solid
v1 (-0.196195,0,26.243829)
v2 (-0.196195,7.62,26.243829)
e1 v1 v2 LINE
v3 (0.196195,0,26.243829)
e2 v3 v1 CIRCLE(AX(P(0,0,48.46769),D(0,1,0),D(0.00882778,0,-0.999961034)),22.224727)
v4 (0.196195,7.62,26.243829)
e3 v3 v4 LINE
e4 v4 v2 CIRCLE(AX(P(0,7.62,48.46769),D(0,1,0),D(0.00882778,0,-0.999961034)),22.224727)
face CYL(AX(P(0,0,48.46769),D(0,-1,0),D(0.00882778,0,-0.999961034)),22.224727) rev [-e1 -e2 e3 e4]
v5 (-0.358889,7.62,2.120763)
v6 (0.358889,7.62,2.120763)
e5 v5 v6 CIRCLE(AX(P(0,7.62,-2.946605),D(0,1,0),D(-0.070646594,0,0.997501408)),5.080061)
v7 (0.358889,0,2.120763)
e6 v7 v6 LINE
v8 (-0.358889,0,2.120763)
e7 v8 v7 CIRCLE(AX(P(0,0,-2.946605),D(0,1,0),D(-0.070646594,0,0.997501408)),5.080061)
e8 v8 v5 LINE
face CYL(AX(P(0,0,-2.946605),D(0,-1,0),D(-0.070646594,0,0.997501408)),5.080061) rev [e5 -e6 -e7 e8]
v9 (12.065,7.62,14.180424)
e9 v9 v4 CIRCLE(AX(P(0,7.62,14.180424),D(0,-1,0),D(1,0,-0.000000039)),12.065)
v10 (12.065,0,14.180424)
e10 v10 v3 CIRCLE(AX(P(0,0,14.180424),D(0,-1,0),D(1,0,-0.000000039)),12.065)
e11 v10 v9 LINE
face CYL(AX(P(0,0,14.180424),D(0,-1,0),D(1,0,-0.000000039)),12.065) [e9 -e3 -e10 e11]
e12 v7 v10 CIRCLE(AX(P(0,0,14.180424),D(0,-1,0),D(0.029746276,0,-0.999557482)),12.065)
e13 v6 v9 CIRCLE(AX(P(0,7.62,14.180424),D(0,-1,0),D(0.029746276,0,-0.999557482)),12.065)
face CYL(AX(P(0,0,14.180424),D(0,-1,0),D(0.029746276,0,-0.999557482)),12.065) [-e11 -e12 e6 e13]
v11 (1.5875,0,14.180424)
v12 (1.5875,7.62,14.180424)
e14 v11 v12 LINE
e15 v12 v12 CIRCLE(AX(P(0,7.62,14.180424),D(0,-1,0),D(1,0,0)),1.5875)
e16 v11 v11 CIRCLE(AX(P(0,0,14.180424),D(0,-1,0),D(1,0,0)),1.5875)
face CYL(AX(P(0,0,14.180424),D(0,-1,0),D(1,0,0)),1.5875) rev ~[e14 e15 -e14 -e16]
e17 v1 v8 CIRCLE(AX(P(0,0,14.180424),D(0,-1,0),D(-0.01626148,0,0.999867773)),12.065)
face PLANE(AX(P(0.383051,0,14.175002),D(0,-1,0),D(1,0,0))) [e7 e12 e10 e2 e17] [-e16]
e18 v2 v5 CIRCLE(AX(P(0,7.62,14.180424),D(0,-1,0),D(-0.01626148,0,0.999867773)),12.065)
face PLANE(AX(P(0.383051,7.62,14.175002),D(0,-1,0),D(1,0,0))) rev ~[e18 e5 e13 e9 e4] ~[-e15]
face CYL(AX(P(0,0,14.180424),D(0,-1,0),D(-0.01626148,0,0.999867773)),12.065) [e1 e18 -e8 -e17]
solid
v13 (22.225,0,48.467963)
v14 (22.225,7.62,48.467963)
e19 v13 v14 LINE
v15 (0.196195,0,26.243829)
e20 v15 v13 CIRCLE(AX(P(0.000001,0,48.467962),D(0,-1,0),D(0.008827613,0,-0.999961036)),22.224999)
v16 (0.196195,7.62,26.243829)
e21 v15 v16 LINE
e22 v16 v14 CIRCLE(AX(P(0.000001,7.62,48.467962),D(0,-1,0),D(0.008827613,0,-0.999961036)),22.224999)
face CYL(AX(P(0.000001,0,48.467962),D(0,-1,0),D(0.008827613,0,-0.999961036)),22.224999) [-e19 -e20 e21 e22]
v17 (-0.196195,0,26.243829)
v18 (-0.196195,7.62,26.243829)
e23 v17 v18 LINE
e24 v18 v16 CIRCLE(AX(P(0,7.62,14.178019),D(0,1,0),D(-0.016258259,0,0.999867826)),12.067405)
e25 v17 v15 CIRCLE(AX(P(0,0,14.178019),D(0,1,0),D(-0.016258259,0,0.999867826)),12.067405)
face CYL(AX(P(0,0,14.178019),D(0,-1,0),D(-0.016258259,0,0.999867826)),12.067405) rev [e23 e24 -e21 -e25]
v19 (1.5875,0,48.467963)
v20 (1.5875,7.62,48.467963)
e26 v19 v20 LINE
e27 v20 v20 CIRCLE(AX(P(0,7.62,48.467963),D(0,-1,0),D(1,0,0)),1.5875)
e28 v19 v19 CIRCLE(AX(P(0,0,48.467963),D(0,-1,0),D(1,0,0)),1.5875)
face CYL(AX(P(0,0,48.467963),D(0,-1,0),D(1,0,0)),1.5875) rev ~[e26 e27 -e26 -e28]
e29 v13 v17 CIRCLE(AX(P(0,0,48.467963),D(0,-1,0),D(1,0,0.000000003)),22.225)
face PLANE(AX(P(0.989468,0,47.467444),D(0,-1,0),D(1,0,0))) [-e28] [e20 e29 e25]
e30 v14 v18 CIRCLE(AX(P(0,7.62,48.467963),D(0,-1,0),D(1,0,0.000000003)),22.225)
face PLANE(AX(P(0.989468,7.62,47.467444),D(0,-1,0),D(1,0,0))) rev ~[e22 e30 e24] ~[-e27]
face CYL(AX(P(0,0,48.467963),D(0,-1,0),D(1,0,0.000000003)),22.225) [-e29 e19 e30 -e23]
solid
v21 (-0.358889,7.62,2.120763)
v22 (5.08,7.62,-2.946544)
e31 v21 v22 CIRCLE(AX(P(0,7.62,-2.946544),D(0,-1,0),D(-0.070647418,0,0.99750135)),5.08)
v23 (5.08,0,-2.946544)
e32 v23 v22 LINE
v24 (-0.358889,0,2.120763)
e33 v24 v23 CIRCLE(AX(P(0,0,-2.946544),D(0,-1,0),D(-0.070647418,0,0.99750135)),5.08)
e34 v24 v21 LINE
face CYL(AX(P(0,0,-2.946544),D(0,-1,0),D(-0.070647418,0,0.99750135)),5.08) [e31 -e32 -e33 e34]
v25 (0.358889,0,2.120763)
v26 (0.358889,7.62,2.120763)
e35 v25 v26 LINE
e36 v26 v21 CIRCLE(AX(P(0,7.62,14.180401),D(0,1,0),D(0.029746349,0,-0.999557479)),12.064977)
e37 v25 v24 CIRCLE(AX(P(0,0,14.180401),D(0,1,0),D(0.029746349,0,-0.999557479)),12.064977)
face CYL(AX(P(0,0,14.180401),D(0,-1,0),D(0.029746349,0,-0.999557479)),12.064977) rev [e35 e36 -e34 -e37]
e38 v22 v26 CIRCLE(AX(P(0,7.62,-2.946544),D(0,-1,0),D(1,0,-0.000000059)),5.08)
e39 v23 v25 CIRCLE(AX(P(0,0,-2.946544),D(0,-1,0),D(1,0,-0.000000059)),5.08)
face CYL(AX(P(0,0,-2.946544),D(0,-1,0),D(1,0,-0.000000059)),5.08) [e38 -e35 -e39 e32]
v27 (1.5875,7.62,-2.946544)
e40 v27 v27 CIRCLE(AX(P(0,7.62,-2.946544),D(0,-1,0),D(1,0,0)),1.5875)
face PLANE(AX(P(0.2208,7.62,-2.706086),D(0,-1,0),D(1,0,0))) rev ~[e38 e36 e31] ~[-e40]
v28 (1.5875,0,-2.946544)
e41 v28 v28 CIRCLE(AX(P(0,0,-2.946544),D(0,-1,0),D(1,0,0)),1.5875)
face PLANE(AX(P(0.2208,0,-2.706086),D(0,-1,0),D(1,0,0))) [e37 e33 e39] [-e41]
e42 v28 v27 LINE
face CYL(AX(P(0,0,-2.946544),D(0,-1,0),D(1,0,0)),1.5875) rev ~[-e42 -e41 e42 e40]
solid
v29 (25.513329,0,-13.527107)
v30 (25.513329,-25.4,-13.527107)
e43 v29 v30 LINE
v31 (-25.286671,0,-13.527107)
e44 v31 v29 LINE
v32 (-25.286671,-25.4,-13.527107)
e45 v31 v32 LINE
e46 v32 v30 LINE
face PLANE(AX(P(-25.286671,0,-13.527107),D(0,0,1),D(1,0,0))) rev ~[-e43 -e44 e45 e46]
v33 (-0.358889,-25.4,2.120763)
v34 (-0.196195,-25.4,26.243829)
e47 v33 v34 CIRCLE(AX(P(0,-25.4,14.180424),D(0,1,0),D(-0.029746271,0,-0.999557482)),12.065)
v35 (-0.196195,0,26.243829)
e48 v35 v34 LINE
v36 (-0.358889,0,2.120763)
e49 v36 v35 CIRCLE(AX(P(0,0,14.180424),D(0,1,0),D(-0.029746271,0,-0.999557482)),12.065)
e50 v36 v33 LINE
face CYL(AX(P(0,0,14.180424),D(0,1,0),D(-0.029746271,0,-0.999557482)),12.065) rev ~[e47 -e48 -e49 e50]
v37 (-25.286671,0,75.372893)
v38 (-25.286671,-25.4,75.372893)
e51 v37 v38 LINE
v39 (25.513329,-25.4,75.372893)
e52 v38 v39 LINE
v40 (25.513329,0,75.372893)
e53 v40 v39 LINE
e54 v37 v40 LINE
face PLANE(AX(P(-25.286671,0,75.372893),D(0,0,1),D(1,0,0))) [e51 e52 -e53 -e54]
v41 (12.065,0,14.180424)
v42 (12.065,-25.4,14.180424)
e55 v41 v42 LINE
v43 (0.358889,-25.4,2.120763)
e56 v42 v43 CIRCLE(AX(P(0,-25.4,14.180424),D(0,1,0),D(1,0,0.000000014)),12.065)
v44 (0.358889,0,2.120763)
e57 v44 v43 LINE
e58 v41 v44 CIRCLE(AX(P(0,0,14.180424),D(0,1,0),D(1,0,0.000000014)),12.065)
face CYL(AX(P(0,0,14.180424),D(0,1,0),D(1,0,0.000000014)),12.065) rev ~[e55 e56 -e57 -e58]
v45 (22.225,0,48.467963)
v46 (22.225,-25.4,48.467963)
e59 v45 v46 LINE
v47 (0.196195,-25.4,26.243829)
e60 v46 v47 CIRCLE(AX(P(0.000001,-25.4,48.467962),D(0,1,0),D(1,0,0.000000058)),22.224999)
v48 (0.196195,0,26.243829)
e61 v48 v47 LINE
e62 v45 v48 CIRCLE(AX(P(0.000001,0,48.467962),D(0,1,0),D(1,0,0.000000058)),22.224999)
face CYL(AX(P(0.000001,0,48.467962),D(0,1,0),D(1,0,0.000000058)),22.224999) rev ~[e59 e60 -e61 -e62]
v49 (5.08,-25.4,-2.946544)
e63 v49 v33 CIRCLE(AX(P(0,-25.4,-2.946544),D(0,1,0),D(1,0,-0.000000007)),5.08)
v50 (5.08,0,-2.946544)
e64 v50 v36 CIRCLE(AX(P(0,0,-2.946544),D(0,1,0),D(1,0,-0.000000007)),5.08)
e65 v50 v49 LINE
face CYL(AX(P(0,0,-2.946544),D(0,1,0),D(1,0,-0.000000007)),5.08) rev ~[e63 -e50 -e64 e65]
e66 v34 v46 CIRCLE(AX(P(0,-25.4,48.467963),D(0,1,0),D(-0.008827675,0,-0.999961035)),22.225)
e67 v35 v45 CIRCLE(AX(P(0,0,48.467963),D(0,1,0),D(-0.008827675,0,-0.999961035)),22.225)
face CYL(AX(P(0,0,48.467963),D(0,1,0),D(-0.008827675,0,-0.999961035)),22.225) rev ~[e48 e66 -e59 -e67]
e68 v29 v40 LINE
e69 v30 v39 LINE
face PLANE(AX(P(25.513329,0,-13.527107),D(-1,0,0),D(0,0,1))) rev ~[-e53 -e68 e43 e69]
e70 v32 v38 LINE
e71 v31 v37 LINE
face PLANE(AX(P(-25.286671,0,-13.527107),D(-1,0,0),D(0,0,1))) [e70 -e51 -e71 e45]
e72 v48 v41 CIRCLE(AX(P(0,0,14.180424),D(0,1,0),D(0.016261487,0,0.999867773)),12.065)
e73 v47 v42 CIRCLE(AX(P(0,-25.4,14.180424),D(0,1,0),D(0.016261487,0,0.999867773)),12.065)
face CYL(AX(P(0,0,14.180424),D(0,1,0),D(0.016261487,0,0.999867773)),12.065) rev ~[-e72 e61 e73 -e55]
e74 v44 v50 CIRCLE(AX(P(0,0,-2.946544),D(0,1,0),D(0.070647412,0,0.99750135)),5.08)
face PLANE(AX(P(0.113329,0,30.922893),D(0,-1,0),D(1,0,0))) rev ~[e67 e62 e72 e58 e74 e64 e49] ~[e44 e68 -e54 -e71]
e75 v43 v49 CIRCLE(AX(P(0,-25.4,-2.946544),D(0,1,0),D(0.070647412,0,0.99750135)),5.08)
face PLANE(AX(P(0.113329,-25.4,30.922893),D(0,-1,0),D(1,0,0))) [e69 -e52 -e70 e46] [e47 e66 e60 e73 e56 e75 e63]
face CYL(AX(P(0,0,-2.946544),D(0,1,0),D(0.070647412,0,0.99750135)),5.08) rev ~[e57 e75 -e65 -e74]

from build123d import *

# Parameters (mm, degrees)
F0_W     = 50.8
F0_H     = 88.9
F1_DEPTH = 25.4
F0_R     = 1.5875
F2_DEPTH = 7.62
F3_DEPTH = 7.62
F4_DEPTH = 7.62


with BuildPart() as f1:
    # F0 (on Front) → F1 (new body)
    with BuildSketch(Plane.XZ):
        with Locations((0.113329, 30.922893)):
            Rectangle(F0_W, F0_H)
        with BuildLine():
            ThreePointArc((-0.196195, 26.243829), (-15.645929, 64.252624), (22.225, 48.467963))
            ThreePointArc((22.225, 48.467963), (15.784661, 32.822033), (0.196195, 26.243829))
            ThreePointArc((0.196195, 26.243829), (8.600329, 22.642018), (12.065, 14.180424))
            ThreePointArc((12.065, 14.180424), (8.6572, 5.777025), (0.358889, 2.120763))
            ThreePointArc((0.358889, 2.120763), (3.716824, 0.516348), (5.08, -2.946544))
            ThreePointArc((5.08, -2.946544), (-3.462892, -6.663368), (-0.358889, 2.120763))
            ThreePointArc((-0.358889, 2.120763), (-12.064726, 14.261793), (-0.196195, 26.243829))
        make_face(mode=Mode.SUBTRACT)
    extrude(amount=F1_DEPTH)


with BuildPart() as f2:
    # F0 (on Front) → F2 (new body)
    with BuildSketch(Plane.XZ):
        with BuildLine():
            ThreePointArc((0.196195, 26.243829), (15.784661, 32.822033), (22.225, 48.467963))
            ThreePointArc((22.225, 48.467963), (-15.645929, 64.252624), (-0.196195, 26.243829))
            ThreePointArc((-0.196195, 26.243829), (0, 26.245424), (0.196195, 26.243829))
        make_face()
        with Locations((0, 48.467963)):
            Circle(F0_R, mode=Mode.SUBTRACT)
    extrude(amount=-F2_DEPTH)


with BuildPart() as f3:
    # F0 (on Front) → F3 (new body)
    with BuildSketch(Plane.XZ):
        with BuildLine():
            ThreePointArc((0.196195, 26.243829), (0, 26.242963), (-0.196195, 26.243829))
            ThreePointArc((-0.196195, 26.243829), (-12.064726, 14.261793), (-0.358889, 2.120763))
            ThreePointArc((-0.358889, 2.120763), (0, 2.133456), (0.358889, 2.120763))
            ThreePointArc((0.358889, 2.120763), (8.6572, 5.777025), (12.065, 14.180424))
            ThreePointArc((12.065, 14.180424), (8.600329, 22.642018), (0.196195, 26.243829))
        make_face()
        with Locations((0, 14.180424)):
            Circle(F0_R, mode=Mode.SUBTRACT)
    extrude(amount=-F3_DEPTH)


with BuildPart() as f4:
    # F0 (on Front) → F4 (new body)
    with BuildSketch(Plane.XZ):
        with BuildLine():
            ThreePointArc((0.358889, 2.120763), (0, 2.115424), (-0.358889, 2.120763))
            ThreePointArc((-0.358889, 2.120763), (-3.462892, -6.663368), (5.08, -2.946544))
            ThreePointArc((5.08, -2.946544), (3.716824, 0.516348), (0.358889, 2.120763))
        make_face()
        with Locations((0, -2.946544)):
            Circle(F0_R, mode=Mode.SUBTRACT)
    extrude(amount=-F4_DEPTH)


solid = Compound([f1.part, f2.part, f3.part, f4.part])
